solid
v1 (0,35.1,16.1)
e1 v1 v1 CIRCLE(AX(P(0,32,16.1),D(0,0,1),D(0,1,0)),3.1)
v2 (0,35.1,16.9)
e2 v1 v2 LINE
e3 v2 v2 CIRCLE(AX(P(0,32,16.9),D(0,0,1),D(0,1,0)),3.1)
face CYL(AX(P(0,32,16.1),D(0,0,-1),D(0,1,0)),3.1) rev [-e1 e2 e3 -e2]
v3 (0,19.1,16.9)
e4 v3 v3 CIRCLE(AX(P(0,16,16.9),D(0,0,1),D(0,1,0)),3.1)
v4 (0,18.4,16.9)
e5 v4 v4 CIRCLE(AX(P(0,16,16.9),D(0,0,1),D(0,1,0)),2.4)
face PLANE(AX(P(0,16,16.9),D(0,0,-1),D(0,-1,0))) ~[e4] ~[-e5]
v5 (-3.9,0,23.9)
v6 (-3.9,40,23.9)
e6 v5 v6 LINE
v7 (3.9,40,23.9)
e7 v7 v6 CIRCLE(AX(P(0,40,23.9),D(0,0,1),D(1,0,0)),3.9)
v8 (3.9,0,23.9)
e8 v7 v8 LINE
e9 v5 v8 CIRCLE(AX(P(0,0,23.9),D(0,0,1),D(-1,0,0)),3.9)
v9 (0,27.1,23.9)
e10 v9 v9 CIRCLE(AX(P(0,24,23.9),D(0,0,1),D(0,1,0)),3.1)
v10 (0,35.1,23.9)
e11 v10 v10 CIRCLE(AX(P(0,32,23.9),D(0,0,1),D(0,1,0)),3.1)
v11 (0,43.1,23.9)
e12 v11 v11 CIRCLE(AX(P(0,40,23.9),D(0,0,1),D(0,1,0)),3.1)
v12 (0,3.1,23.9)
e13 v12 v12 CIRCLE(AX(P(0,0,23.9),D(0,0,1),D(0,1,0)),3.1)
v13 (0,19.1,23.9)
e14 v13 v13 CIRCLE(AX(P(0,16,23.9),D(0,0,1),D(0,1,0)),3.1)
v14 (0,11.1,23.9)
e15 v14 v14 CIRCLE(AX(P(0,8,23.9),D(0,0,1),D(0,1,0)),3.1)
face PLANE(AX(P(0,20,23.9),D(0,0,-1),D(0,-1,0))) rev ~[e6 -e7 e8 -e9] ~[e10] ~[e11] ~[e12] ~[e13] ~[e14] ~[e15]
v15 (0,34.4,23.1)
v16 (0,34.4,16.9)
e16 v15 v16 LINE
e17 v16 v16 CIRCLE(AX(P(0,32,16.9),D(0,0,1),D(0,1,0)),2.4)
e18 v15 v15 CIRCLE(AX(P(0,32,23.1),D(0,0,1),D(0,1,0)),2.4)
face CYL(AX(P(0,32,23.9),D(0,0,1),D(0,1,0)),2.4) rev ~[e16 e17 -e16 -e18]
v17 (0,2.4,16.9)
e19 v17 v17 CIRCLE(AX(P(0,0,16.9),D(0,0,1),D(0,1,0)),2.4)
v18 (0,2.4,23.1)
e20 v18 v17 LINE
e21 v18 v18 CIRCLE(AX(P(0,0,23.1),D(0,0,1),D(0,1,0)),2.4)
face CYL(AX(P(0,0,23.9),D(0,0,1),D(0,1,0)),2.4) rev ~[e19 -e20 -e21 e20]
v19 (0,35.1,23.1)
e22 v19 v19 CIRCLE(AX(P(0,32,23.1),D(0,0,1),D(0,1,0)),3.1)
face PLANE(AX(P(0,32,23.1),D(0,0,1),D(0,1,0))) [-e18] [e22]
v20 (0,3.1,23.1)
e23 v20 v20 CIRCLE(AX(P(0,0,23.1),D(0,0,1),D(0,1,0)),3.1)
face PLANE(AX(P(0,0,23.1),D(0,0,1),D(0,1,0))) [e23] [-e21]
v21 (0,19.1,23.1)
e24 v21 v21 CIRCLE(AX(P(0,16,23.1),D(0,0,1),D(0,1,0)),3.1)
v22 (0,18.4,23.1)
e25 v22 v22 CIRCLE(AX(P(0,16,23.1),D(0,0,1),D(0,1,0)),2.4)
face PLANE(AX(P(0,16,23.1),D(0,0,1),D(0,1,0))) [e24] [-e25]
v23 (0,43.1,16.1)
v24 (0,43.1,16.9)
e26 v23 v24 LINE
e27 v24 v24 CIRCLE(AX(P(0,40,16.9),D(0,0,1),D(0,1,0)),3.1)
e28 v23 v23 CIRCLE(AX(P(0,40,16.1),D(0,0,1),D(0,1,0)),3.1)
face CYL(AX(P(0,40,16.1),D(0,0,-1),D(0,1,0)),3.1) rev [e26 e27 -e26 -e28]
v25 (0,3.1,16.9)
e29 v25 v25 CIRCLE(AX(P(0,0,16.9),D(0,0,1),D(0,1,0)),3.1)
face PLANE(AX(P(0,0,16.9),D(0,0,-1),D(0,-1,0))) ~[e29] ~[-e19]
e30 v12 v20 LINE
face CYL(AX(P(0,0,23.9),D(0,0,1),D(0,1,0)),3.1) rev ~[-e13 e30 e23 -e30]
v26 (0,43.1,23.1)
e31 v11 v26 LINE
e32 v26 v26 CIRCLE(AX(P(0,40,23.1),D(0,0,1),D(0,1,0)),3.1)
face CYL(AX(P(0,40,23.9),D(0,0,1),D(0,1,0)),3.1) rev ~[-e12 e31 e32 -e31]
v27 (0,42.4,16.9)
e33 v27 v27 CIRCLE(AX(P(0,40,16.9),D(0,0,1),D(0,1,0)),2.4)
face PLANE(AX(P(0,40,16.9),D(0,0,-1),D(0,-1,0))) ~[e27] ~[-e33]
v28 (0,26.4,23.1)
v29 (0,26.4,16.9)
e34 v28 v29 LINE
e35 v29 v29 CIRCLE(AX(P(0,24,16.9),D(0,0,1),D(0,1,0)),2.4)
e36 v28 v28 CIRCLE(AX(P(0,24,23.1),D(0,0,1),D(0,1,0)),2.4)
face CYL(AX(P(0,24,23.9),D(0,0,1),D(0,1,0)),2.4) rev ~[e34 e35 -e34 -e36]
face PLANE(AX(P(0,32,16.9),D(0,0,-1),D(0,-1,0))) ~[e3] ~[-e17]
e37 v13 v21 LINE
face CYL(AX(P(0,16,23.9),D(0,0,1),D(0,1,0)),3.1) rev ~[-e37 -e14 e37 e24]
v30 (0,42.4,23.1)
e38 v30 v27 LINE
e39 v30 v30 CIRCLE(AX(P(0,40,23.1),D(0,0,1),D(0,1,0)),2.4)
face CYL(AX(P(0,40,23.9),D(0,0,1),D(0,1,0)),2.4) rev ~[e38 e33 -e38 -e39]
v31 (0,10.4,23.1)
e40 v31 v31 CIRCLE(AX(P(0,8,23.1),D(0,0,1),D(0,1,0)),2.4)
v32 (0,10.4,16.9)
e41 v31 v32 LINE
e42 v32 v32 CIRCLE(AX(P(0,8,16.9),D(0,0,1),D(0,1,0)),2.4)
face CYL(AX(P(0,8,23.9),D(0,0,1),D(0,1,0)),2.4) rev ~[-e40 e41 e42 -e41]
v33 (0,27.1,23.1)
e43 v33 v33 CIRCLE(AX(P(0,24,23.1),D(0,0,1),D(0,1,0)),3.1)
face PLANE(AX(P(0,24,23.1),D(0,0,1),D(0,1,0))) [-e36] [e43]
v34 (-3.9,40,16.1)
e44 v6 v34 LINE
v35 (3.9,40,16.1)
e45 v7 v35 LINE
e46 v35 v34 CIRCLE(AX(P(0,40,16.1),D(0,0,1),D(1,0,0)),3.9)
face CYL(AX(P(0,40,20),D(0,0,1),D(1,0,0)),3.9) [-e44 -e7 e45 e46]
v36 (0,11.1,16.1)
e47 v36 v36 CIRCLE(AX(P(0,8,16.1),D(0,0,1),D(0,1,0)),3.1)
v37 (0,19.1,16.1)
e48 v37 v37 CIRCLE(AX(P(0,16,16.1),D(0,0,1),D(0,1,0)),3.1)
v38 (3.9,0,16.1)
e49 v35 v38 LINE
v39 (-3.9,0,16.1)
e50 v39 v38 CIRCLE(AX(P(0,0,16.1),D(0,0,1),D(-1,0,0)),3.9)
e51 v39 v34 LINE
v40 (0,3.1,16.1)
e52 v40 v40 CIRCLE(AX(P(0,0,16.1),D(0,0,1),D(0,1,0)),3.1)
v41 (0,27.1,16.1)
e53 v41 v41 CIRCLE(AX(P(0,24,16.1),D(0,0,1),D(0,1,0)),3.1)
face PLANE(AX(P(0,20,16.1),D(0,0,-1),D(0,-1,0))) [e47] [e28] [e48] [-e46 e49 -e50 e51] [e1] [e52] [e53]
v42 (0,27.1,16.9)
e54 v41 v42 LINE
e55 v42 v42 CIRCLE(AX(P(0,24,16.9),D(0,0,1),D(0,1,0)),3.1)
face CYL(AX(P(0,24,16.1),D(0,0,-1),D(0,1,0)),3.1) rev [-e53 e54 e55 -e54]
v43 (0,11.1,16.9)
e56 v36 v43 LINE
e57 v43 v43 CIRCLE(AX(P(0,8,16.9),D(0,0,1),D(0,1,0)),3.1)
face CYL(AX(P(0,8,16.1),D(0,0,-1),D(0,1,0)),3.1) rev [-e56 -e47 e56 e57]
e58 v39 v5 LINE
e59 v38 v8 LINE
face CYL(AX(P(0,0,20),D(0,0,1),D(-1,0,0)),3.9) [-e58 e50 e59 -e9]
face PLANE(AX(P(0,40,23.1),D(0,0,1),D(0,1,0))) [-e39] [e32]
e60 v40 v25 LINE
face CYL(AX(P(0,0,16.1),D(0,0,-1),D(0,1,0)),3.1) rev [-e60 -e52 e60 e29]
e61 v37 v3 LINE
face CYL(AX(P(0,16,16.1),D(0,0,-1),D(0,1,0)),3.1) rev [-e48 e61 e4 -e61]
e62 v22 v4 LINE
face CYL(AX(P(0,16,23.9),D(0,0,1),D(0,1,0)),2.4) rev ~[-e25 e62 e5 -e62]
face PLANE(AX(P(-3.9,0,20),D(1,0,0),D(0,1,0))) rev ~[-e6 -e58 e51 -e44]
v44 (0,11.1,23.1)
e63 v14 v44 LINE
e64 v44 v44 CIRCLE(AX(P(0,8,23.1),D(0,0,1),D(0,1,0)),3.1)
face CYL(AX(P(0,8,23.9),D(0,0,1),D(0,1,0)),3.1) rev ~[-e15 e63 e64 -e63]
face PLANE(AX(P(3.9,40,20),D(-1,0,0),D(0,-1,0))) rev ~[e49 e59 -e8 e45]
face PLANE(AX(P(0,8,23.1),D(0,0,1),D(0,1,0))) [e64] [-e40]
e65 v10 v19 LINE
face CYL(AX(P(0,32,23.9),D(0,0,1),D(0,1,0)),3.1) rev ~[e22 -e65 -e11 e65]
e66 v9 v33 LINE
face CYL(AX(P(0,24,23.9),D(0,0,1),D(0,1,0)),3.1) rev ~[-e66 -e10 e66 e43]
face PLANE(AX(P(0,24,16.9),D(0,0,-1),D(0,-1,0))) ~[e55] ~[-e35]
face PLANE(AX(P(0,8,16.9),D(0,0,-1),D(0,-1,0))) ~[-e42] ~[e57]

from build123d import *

# Parameters (mm, degrees)
PAD014_DEPTH                       = 3.9
SKETCH022_R                        = 2.4
POCKET007_DEPTH                    = 7.8
LINEARPATTERN007_COUNT             = 6
LINEARPATTERN007_PITCH             = 8
SKETCH023_R                        = 3.1
POCKET008_DEPTH                    = 0.8
SKETCH023_LINEARPATTERN008_2_R     = 3.1
POCKET008_LINEARPATTERN008_2_DEPTH = 0.8
SKETCH023_LINEARPATTERN008_3_R     = 3.1
POCKET008_LINEARPATTERN008_3_DEPTH = 0.8
SKETCH023_LINEARPATTERN008_4_R     = 3.1
POCKET008_LINEARPATTERN008_4_DEPTH = 0.8
SKETCH023_LINEARPATTERN008_5_R     = 3.1
POCKET008_LINEARPATTERN008_5_DEPTH = 0.8
SKETCH023_LINEARPATTERN008_6_R     = 3.1
POCKET008_LINEARPATTERN008_6_DEPTH = 0.8
BODY005_PLACEMENT_ANGLE            = 90


with BuildPart() as part:
    # Sketch021 → Pad014 (new body, symmetric)
    with BuildSketch(Plane.XY):
        with BuildLine():
            Line((-20, 3.9), (20, 3.9))
            ThreePointArc((20, -3.9), (23.9, 0), (20, 3.9))
            Line((20, -3.9), (-20, -3.9))
            ThreePointArc((-20, 3.9), (-23.9, 0), (-20, -3.9))
        make_face()
    extrude(amount=PAD014_DEPTH, both=True)

    # Sketch022 (on Face6 of Pad014) → Pocket007 (cut)
    with BuildSketch(Plane.XY.offset(3.9)):
        with Locations((20, 0)):
            Circle(SKETCH022_R)
    pocket007 = extrude(amount=-POCKET007_DEPTH, mode=Mode.SUBTRACT)

    # LinearPattern007: Pocket007 ×6
    with Locations(*[(-i * LINEARPATTERN007_PITCH, 0, 0) for i in range(1, LINEARPATTERN007_COUNT)]):
        add(pocket007, mode=Mode.SUBTRACT)

    # Sketch023 (on Face5 of LinearPattern007) → Pocket008 (cut)
    with BuildSketch(Plane.XY.offset(3.9)):
        with Locations((20, 0)):
            Circle(SKETCH023_R)
    pocket008 = extrude(amount=-POCKET008_DEPTH, mode=Mode.SUBTRACT)

    # Sketch023 LinearPattern008 2 → Pocket008 LinearPattern008 2 (cut)
    with BuildSketch(Plane(origin=(-8, 0, 3.9), x_dir=(1, 0, 0), z_dir=(0, 0, 1))):
        with Locations((20, 0)):
            Circle(SKETCH023_LINEARPATTERN008_2_R)
    pocket008_linearpattern008_2 = extrude(amount=-POCKET008_LINEARPATTERN008_2_DEPTH, mode=Mode.SUBTRACT)

    # Sketch023 LinearPattern008 3 → Pocket008 LinearPattern008 3 (cut)
    with BuildSketch(Plane(origin=(-16, 0, 3.9), x_dir=(1, 0, 0), z_dir=(0, 0, 1))):
        with Locations((20, 0)):
            Circle(SKETCH023_LINEARPATTERN008_3_R)
    pocket008_linearpattern008_3 = extrude(amount=-POCKET008_LINEARPATTERN008_3_DEPTH, mode=Mode.SUBTRACT)

    # Sketch023 LinearPattern008 4 → Pocket008 LinearPattern008 4 (cut)
    with BuildSketch(Plane(origin=(-24, 0, 3.9), x_dir=(1, 0, 0), z_dir=(0, 0, 1))):
        with Locations((20, 0)):
            Circle(SKETCH023_LINEARPATTERN008_4_R)
    pocket008_linearpattern008_4 = extrude(amount=-POCKET008_LINEARPATTERN008_4_DEPTH, mode=Mode.SUBTRACT)

    # Sketch023 LinearPattern008 5 → Pocket008 LinearPattern008 5 (cut)
    with BuildSketch(Plane(origin=(-32, 0, 3.9), x_dir=(1, 0, 0), z_dir=(0, 0, 1))):
        with Locations((20, 0)):
            Circle(SKETCH023_LINEARPATTERN008_5_R)
    pocket008_linearpattern008_5 = extrude(amount=-POCKET008_LINEARPATTERN008_5_DEPTH, mode=Mode.SUBTRACT)

    # Sketch023 LinearPattern008 6 → Pocket008 LinearPattern008 6 (cut)
    with BuildSketch(Plane(origin=(-40, 0, 3.9), x_dir=(1, 0, 0), z_dir=(0, 0, 1))):
        with Locations((20, 0)):
            Circle(SKETCH023_LINEARPATTERN008_6_R)
    pocket008_linearpattern008_6 = extrude(amount=-POCKET008_LINEARPATTERN008_6_DEPTH, mode=Mode.SUBTRACT)

    # Mirrored003: Pocket008, Pocket008 LinearPattern008 2, Pocket008 LinearPattern008 3, Pocket008 LinearPattern008 4, Pocket008 LinearPattern008 5, Pocket008 LinearPattern008 6 across XY
    add(pocket008.mirror(Plane.XY), mode=Mode.SUBTRACT)
    add(pocket008_linearpattern008_2.mirror(Plane.XY), mode=Mode.SUBTRACT)
    add(pocket008_linearpattern008_3.mirror(Plane.XY), mode=Mode.SUBTRACT)
    add(pocket008_linearpattern008_4.mirror(Plane.XY), mode=Mode.SUBTRACT)
    add(pocket008_linearpattern008_5.mirror(Plane.XY), mode=Mode.SUBTRACT)
    add(pocket008_linearpattern008_6.mirror(Plane.XY), mode=Mode.SUBTRACT)


with BuildPart() as part_1:
    # Body005 placement: moved
    add(part.part.moved(Location((0, 20, 20))).rotate(Axis((0, 20, 20), (0, 0, 1)), BODY005_PLACEMENT_ANGLE))


solid = part_1.part
